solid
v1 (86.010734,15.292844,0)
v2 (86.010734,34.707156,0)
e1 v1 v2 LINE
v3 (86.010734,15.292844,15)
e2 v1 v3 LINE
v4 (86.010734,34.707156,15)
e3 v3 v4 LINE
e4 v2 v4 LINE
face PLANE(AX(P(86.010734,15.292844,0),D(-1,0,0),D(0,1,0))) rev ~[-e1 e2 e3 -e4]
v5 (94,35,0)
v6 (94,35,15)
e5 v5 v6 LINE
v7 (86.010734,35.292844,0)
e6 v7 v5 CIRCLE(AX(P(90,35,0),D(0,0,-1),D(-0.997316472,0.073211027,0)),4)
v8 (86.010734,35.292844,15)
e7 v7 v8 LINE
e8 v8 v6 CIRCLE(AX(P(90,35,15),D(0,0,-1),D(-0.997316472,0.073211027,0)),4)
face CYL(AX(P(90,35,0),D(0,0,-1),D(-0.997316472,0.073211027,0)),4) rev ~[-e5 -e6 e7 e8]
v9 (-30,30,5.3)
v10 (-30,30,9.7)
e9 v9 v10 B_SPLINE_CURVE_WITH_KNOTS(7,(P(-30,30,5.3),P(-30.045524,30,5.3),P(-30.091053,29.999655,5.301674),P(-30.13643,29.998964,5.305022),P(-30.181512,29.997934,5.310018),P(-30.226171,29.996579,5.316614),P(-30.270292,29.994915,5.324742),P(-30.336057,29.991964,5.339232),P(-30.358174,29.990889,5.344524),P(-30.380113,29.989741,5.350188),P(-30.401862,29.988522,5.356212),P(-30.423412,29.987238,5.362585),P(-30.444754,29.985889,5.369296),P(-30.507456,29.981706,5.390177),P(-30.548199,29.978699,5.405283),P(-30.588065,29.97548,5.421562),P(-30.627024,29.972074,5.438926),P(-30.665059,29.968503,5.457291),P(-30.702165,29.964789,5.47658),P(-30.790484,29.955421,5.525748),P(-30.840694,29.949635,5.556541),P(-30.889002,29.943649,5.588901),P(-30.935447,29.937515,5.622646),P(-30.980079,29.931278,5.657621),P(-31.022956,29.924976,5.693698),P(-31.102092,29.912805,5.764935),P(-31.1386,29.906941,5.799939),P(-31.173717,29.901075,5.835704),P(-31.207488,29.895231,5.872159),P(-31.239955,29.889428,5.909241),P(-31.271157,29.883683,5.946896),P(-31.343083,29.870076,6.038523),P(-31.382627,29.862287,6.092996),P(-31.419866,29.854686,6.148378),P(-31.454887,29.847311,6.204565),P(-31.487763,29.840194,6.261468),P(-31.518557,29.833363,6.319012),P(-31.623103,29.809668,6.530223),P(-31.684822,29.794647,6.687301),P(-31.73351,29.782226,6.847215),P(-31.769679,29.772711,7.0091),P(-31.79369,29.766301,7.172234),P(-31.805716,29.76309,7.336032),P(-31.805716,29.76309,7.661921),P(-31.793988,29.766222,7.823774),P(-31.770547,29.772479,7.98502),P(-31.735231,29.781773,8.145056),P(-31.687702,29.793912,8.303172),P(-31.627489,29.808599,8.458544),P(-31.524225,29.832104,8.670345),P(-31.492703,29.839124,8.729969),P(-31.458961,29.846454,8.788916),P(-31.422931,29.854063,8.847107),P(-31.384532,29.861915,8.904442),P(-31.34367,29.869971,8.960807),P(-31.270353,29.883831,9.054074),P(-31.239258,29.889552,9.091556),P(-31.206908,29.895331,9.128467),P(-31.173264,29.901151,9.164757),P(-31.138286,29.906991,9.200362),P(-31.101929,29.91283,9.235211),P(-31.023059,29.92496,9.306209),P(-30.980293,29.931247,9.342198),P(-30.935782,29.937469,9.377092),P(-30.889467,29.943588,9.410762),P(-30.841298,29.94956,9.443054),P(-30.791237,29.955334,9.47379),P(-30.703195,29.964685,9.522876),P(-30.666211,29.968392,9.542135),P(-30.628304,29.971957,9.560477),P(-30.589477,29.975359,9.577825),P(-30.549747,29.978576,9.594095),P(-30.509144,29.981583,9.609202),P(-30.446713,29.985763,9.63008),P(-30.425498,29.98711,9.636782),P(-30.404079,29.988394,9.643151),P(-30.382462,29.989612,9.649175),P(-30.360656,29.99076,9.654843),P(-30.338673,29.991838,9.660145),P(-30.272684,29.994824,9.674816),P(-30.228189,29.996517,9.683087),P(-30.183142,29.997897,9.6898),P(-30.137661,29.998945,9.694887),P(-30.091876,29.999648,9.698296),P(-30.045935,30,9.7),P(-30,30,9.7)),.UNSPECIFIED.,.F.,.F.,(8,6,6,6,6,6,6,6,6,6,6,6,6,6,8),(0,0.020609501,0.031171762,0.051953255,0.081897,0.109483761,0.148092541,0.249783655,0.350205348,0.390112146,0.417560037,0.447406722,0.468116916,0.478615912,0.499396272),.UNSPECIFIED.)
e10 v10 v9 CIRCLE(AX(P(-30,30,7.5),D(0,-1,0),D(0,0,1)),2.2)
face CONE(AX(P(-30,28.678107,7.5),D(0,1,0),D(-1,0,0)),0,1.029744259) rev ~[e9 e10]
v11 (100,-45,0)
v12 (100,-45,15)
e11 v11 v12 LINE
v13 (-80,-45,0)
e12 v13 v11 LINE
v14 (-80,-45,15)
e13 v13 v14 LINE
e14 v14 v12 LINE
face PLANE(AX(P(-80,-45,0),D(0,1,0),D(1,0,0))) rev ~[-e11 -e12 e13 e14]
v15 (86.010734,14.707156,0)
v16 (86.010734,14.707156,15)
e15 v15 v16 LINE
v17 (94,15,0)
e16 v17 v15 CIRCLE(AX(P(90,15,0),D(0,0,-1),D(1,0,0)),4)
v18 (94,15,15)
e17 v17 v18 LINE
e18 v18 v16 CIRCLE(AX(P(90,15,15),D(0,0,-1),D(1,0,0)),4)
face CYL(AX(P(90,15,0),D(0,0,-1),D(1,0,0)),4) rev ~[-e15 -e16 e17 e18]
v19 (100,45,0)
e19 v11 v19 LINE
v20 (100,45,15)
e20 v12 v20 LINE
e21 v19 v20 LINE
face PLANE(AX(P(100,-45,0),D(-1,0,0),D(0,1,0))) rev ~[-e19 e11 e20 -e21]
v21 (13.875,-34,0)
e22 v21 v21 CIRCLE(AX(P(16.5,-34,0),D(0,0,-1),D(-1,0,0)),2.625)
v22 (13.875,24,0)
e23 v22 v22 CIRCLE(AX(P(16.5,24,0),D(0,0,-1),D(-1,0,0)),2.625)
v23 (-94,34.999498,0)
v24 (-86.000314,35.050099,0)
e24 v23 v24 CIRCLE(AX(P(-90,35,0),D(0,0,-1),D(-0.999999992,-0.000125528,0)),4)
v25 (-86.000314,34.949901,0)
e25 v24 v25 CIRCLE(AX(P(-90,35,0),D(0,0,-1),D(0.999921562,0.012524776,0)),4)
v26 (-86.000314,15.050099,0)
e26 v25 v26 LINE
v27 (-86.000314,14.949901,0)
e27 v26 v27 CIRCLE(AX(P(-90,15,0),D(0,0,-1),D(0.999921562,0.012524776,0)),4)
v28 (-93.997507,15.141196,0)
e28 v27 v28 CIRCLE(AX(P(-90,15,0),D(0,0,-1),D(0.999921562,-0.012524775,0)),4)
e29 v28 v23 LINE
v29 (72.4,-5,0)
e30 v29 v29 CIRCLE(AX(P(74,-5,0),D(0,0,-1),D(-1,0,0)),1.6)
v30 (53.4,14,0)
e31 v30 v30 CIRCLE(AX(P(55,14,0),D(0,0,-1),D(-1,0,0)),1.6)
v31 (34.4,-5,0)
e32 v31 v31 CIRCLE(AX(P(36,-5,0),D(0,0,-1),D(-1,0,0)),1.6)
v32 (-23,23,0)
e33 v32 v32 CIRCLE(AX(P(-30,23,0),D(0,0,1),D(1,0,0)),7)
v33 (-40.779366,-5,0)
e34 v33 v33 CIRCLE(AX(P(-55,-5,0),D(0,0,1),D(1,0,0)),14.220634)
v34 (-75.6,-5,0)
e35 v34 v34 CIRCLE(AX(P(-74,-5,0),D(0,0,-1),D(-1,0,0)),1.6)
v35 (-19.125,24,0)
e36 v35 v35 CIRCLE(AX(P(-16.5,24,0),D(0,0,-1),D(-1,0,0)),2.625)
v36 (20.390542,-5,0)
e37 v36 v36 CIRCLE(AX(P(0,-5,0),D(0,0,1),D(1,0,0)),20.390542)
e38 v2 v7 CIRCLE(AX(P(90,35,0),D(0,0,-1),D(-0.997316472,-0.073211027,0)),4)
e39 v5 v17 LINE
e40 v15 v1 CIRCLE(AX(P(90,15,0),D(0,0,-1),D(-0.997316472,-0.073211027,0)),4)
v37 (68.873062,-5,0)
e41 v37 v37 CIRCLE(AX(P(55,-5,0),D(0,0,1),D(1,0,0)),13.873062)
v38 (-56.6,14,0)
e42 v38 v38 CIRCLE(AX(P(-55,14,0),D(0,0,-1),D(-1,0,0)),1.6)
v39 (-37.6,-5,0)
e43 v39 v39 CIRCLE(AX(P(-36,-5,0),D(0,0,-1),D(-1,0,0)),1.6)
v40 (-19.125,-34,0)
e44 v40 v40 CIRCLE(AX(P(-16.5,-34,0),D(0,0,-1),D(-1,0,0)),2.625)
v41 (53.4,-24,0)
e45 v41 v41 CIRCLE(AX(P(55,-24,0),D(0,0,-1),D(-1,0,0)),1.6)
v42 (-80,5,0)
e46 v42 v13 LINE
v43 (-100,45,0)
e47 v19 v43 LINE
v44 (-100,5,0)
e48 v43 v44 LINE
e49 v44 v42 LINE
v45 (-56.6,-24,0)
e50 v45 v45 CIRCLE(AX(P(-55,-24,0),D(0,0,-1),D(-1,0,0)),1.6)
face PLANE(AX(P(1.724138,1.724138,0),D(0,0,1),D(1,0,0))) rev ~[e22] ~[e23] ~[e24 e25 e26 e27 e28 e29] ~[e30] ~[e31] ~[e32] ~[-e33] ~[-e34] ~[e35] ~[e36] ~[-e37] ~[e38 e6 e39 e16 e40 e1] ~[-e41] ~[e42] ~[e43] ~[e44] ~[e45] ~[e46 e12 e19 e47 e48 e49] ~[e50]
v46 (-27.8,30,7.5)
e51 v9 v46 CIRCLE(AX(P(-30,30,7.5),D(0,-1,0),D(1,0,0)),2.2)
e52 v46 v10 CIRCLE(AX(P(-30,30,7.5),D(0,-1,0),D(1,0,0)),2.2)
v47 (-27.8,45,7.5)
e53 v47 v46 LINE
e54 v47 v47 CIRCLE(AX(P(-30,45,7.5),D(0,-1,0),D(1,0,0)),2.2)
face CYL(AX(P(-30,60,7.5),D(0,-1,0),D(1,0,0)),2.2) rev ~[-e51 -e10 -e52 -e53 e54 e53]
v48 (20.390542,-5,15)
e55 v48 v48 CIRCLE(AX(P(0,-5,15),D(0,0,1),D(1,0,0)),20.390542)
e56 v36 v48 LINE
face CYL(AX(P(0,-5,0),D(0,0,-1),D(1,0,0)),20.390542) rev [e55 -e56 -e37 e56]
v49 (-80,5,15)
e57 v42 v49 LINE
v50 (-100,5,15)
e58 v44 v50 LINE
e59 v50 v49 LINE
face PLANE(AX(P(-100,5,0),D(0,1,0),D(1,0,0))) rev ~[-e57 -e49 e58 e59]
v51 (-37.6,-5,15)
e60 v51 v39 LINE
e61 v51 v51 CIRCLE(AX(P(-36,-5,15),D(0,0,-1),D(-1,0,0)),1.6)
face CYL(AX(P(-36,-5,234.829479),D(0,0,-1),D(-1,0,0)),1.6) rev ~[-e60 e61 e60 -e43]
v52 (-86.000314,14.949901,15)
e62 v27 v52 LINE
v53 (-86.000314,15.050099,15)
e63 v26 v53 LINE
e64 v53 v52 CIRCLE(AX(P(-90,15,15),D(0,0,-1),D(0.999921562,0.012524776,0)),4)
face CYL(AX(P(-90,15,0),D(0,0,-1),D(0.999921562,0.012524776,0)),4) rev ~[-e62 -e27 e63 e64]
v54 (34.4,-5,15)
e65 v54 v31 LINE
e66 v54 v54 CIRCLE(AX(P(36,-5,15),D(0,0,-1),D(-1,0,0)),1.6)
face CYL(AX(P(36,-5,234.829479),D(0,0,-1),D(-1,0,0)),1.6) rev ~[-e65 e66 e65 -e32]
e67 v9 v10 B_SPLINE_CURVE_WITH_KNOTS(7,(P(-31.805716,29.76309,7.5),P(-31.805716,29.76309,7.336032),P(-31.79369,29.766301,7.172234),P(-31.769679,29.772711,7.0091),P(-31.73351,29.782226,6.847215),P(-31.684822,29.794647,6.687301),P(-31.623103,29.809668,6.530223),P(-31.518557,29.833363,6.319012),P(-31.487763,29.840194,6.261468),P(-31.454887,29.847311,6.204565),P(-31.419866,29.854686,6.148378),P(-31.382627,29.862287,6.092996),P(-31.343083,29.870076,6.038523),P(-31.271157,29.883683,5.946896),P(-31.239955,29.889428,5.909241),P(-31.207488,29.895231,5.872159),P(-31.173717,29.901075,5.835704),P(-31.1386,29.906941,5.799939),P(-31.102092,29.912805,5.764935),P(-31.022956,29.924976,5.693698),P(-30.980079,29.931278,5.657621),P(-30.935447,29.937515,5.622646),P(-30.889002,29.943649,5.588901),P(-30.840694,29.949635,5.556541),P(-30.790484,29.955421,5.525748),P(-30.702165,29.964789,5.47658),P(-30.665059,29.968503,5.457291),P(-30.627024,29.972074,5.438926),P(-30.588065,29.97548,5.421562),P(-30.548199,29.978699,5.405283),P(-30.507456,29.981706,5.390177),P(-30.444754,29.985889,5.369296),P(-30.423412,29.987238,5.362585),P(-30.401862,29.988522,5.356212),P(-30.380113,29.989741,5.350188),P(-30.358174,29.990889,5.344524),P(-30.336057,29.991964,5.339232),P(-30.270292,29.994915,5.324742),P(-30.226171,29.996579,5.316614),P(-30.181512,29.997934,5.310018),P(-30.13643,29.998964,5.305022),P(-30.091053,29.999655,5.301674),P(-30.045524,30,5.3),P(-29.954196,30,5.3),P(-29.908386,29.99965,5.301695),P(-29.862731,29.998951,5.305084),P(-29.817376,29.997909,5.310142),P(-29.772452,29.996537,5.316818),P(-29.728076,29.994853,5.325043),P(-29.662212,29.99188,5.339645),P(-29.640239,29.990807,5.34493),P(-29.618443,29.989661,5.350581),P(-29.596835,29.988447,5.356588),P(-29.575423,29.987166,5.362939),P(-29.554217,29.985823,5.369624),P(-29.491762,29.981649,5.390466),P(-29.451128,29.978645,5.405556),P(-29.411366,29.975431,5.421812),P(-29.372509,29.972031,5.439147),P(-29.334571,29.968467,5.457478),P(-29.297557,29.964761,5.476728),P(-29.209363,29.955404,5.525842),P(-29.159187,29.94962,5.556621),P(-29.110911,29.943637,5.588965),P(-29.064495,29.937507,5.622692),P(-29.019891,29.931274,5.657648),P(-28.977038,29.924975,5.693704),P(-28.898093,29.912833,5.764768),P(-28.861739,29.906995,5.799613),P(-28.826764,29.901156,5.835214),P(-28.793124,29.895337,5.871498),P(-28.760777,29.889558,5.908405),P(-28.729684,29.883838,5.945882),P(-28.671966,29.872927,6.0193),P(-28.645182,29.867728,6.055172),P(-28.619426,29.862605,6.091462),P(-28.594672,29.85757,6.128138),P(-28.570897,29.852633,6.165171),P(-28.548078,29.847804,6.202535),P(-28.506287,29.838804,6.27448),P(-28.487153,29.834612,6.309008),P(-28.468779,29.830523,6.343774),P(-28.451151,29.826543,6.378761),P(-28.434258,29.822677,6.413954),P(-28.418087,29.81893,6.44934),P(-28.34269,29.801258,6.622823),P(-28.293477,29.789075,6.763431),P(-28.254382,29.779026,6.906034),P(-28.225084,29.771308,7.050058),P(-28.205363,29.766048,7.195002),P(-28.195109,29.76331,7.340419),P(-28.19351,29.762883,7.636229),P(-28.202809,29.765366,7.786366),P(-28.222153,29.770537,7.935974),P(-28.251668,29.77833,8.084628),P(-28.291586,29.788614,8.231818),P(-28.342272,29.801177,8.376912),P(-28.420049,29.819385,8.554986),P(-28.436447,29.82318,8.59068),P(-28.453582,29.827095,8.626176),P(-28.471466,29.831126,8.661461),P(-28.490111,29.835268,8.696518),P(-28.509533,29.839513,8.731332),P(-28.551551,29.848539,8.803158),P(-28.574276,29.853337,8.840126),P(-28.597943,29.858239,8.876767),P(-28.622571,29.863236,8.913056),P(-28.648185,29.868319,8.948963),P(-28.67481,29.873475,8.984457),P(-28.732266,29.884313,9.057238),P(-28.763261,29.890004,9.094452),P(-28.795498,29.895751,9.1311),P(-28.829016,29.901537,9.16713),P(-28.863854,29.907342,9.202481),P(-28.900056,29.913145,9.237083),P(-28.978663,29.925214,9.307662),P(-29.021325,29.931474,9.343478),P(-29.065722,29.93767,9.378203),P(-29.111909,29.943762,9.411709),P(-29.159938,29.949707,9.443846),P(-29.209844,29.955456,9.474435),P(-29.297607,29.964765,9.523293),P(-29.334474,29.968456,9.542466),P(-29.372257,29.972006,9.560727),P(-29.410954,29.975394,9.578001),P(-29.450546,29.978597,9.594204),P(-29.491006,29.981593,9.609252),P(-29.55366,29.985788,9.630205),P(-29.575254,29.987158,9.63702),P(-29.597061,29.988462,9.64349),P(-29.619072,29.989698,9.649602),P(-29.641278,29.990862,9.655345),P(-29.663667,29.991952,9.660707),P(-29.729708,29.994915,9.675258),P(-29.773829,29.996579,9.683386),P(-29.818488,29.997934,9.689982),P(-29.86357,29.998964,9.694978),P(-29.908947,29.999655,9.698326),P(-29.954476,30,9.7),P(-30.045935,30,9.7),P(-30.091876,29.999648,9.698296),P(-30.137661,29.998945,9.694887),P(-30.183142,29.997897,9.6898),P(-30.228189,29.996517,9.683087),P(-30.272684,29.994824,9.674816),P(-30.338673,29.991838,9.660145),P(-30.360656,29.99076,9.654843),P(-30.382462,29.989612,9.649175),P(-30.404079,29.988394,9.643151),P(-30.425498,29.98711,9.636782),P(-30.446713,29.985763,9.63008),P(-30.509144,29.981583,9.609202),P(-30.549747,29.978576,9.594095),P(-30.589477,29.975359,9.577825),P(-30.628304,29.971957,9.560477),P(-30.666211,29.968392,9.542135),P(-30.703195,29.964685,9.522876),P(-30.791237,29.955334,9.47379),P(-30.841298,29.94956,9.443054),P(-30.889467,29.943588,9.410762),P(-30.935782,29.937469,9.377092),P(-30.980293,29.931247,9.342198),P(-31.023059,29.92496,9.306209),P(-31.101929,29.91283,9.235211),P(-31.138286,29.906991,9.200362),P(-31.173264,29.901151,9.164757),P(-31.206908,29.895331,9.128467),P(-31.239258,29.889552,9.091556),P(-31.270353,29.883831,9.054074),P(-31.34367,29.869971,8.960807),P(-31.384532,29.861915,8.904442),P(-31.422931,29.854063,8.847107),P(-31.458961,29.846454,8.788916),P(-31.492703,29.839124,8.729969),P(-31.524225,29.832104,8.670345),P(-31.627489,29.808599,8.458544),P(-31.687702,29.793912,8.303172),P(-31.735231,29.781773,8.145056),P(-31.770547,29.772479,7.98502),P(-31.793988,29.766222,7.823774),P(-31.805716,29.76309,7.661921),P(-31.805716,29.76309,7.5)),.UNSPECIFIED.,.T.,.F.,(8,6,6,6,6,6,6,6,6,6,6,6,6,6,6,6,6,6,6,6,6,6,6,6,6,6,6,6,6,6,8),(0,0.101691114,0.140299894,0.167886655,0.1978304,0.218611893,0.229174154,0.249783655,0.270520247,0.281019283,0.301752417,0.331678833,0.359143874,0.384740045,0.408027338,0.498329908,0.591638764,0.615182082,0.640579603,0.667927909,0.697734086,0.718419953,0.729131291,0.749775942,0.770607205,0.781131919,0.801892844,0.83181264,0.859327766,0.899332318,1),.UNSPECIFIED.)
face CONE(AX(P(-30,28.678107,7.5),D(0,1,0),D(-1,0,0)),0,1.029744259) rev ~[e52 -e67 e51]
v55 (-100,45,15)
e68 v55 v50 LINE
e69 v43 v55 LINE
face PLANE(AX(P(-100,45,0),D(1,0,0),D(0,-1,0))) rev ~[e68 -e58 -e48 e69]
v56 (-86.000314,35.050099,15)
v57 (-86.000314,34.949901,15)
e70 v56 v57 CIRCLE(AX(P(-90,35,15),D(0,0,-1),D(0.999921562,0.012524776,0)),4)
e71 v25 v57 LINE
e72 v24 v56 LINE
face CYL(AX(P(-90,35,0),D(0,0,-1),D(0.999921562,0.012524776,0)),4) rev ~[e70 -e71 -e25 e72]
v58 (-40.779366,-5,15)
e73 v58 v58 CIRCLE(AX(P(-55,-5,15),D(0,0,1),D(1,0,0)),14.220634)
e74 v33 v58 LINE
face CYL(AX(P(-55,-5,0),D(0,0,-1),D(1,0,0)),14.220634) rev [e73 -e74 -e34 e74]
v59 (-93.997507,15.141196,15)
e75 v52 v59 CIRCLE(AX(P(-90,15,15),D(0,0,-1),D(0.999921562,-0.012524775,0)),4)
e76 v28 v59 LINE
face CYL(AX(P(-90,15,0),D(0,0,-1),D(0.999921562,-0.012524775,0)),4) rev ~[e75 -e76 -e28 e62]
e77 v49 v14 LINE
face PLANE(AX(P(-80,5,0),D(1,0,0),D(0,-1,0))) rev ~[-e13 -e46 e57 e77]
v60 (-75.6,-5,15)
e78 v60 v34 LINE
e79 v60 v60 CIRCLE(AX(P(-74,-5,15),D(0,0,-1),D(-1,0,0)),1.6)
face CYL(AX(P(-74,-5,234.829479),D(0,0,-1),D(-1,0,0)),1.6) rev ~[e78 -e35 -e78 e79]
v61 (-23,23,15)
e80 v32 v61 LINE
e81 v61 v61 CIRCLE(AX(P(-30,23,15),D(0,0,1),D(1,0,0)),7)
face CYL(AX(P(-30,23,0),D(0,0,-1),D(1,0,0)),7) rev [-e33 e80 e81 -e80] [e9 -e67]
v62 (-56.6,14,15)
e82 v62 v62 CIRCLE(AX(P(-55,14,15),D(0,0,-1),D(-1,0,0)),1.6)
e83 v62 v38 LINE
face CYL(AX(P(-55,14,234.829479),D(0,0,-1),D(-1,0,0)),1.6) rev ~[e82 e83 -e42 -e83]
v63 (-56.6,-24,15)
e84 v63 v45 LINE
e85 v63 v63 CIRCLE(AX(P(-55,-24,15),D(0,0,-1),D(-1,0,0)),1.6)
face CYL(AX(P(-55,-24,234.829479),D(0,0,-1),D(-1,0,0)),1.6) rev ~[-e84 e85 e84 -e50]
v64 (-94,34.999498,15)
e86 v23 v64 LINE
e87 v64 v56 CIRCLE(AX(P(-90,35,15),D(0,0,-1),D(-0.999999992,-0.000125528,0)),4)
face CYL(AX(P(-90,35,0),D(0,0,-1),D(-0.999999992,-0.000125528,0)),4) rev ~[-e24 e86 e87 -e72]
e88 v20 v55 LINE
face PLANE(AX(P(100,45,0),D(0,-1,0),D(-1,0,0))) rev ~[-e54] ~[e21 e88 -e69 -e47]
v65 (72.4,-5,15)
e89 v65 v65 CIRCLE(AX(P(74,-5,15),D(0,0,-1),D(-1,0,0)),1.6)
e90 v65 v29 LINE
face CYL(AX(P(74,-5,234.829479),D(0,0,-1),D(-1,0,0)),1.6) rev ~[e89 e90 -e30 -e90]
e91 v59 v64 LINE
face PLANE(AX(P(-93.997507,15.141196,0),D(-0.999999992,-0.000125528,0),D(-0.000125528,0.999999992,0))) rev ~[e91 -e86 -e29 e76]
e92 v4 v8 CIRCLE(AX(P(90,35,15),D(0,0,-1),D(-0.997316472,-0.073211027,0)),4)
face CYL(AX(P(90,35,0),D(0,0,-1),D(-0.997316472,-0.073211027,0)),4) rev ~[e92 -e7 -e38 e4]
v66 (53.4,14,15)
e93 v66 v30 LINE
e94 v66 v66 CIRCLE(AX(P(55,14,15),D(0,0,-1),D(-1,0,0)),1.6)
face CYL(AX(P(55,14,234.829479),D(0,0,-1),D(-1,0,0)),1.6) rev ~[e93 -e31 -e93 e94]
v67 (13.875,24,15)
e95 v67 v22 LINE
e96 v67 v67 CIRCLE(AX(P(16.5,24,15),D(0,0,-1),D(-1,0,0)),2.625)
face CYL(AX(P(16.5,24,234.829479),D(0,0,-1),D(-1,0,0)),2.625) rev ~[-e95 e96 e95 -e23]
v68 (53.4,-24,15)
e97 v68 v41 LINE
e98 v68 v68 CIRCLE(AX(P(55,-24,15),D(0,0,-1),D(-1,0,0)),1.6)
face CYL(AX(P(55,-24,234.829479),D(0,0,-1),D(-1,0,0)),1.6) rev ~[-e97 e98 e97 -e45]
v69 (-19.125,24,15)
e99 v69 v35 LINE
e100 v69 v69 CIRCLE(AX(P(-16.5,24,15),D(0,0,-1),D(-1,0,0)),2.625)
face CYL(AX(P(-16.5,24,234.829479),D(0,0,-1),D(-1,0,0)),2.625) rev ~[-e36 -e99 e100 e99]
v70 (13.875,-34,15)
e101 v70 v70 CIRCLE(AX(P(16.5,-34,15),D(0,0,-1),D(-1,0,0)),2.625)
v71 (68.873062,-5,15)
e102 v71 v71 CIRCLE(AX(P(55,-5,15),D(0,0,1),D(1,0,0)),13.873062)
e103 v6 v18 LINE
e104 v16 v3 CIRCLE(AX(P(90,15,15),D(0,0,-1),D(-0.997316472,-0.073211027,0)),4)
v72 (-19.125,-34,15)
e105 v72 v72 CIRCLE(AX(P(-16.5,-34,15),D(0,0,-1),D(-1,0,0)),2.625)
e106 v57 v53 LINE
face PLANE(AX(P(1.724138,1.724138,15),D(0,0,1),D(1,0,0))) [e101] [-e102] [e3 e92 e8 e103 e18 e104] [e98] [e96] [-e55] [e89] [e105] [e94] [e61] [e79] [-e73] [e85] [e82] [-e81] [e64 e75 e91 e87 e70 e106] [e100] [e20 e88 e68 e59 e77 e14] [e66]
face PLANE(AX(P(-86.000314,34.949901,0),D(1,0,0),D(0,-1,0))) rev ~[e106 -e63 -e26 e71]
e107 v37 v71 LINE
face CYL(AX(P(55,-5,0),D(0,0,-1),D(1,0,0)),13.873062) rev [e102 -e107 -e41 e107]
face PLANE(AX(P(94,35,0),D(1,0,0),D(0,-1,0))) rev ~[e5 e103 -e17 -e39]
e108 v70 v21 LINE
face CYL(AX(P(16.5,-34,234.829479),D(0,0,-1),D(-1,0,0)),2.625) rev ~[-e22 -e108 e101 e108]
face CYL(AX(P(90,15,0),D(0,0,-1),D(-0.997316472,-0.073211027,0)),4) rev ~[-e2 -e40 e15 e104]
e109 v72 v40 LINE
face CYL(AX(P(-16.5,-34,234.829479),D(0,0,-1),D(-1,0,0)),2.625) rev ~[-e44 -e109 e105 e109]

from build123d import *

# Parameters (mm, degrees)
F0_R     = 14.2206342646
F0_R_2   = 20.3905424102
F0_R_3   = 13.8730620626
F0_R_4   = 7
F1_DEPTH = 15
F3_D     = 3.2
F5_D     = 5.25
F7_D     = 4.4
F7_DEPTH = 15
F7_TIP   = 1.3218933619


with BuildPart() as f1:
    # F0 (on Top) → F1 (new body)
    with BuildSketch(Plane.XY):
        Polygon((-80, -45), (100, -45), (100, 45), (-100, 45), (-100, 5), (-80, 5), align=None)
        with Locations((-55, -5)):
            Circle(F0_R, mode=Mode.SUBTRACT)
        with Locations((0, -5)):
            Circle(F0_R_2, mode=Mode.SUBTRACT)
        with Locations((55, -5)):
            Circle(F0_R_3, mode=Mode.SUBTRACT)
        with BuildLine():
            ThreePointArc((-86.0003137523, 35.0500990994), (-86, 35), (-86.0003137523, 34.9499009006))
            Line((-86.0003137523, 34.9499009006), (-86.0003137523, 15.0500990994))
            ThreePointArc((-86.0003137523, 15.0500990994), (-86, 15), (-86.0003137523, 14.9499009006))
            ThreePointArc((-86.0003137523, 14.9499009006), (-90.095653532, 11.0011438633), (-93.9975072002, 15.1411955542))
            Line((-93.9975072002, 15.1411955542), (-93.9999999685, 34.9994978889))
            ThreePointArc((-93.9999999685, 34.9994978889), (-90.0253010915, 38.999919981), (-86.0003137523, 35.0500990994))
        make_face(mode=Mode.SUBTRACT)
        with Locations((-30, 23)):
            Circle(F0_R_4, mode=Mode.SUBTRACT)
        with BuildLine():
            ThreePointArc((86.0107341117, 35.2928441091), (90.1465203854, 38.9973155713), (94, 35))
            Line((94, 35), (94, 15))
            ThreePointArc((94, 15), (90.1465203854, 11.0026844287), (86.0107341117, 14.7071558909))
            ThreePointArc((86.0107341117, 14.7071558909), (86, 15), (86.0107341117, 15.2928441091))
            Line((86.0107341117, 15.2928441091), (86.0107341117, 34.7071558909))
            ThreePointArc((86.0107341117, 34.7071558909), (86, 35), (86.0107341117, 35.2928441091))
        make_face(mode=Mode.SUBTRACT)
    extrude(amount=F1_DEPTH)

    # F3 (through all)
    with Locations(Plane.XY.offset(15)):
        with Locations((-74, -5), (-55, 14), (-36, -5), (-55, -24), (36, -5), (55, 14), (74, -5), (55, -24)):
            Hole(F3_D / 2)

    # F5 (through all)
    with Locations(Plane.XY.offset(15)):
        with Locations((-16.5, 24), (16.5, 24), (16.5, -34), (-16.5, -34)):
            Hole(F5_D / 2)

    # F7
    with Locations(Plane(origin=(0, 45, 0), x_dir=(-1, 0, 0), z_dir=(0, 1, 0))):
        with Locations((30, 7.5)):
            Hole(F7_D / 2, depth=F7_DEPTH)
            with Locations((0, 0, -(F7_DEPTH + F7_TIP / 2))):  # 118° drill point
                Cone(0, F7_D / 2, F7_TIP, mode=Mode.SUBTRACT)


solid = f1.part
